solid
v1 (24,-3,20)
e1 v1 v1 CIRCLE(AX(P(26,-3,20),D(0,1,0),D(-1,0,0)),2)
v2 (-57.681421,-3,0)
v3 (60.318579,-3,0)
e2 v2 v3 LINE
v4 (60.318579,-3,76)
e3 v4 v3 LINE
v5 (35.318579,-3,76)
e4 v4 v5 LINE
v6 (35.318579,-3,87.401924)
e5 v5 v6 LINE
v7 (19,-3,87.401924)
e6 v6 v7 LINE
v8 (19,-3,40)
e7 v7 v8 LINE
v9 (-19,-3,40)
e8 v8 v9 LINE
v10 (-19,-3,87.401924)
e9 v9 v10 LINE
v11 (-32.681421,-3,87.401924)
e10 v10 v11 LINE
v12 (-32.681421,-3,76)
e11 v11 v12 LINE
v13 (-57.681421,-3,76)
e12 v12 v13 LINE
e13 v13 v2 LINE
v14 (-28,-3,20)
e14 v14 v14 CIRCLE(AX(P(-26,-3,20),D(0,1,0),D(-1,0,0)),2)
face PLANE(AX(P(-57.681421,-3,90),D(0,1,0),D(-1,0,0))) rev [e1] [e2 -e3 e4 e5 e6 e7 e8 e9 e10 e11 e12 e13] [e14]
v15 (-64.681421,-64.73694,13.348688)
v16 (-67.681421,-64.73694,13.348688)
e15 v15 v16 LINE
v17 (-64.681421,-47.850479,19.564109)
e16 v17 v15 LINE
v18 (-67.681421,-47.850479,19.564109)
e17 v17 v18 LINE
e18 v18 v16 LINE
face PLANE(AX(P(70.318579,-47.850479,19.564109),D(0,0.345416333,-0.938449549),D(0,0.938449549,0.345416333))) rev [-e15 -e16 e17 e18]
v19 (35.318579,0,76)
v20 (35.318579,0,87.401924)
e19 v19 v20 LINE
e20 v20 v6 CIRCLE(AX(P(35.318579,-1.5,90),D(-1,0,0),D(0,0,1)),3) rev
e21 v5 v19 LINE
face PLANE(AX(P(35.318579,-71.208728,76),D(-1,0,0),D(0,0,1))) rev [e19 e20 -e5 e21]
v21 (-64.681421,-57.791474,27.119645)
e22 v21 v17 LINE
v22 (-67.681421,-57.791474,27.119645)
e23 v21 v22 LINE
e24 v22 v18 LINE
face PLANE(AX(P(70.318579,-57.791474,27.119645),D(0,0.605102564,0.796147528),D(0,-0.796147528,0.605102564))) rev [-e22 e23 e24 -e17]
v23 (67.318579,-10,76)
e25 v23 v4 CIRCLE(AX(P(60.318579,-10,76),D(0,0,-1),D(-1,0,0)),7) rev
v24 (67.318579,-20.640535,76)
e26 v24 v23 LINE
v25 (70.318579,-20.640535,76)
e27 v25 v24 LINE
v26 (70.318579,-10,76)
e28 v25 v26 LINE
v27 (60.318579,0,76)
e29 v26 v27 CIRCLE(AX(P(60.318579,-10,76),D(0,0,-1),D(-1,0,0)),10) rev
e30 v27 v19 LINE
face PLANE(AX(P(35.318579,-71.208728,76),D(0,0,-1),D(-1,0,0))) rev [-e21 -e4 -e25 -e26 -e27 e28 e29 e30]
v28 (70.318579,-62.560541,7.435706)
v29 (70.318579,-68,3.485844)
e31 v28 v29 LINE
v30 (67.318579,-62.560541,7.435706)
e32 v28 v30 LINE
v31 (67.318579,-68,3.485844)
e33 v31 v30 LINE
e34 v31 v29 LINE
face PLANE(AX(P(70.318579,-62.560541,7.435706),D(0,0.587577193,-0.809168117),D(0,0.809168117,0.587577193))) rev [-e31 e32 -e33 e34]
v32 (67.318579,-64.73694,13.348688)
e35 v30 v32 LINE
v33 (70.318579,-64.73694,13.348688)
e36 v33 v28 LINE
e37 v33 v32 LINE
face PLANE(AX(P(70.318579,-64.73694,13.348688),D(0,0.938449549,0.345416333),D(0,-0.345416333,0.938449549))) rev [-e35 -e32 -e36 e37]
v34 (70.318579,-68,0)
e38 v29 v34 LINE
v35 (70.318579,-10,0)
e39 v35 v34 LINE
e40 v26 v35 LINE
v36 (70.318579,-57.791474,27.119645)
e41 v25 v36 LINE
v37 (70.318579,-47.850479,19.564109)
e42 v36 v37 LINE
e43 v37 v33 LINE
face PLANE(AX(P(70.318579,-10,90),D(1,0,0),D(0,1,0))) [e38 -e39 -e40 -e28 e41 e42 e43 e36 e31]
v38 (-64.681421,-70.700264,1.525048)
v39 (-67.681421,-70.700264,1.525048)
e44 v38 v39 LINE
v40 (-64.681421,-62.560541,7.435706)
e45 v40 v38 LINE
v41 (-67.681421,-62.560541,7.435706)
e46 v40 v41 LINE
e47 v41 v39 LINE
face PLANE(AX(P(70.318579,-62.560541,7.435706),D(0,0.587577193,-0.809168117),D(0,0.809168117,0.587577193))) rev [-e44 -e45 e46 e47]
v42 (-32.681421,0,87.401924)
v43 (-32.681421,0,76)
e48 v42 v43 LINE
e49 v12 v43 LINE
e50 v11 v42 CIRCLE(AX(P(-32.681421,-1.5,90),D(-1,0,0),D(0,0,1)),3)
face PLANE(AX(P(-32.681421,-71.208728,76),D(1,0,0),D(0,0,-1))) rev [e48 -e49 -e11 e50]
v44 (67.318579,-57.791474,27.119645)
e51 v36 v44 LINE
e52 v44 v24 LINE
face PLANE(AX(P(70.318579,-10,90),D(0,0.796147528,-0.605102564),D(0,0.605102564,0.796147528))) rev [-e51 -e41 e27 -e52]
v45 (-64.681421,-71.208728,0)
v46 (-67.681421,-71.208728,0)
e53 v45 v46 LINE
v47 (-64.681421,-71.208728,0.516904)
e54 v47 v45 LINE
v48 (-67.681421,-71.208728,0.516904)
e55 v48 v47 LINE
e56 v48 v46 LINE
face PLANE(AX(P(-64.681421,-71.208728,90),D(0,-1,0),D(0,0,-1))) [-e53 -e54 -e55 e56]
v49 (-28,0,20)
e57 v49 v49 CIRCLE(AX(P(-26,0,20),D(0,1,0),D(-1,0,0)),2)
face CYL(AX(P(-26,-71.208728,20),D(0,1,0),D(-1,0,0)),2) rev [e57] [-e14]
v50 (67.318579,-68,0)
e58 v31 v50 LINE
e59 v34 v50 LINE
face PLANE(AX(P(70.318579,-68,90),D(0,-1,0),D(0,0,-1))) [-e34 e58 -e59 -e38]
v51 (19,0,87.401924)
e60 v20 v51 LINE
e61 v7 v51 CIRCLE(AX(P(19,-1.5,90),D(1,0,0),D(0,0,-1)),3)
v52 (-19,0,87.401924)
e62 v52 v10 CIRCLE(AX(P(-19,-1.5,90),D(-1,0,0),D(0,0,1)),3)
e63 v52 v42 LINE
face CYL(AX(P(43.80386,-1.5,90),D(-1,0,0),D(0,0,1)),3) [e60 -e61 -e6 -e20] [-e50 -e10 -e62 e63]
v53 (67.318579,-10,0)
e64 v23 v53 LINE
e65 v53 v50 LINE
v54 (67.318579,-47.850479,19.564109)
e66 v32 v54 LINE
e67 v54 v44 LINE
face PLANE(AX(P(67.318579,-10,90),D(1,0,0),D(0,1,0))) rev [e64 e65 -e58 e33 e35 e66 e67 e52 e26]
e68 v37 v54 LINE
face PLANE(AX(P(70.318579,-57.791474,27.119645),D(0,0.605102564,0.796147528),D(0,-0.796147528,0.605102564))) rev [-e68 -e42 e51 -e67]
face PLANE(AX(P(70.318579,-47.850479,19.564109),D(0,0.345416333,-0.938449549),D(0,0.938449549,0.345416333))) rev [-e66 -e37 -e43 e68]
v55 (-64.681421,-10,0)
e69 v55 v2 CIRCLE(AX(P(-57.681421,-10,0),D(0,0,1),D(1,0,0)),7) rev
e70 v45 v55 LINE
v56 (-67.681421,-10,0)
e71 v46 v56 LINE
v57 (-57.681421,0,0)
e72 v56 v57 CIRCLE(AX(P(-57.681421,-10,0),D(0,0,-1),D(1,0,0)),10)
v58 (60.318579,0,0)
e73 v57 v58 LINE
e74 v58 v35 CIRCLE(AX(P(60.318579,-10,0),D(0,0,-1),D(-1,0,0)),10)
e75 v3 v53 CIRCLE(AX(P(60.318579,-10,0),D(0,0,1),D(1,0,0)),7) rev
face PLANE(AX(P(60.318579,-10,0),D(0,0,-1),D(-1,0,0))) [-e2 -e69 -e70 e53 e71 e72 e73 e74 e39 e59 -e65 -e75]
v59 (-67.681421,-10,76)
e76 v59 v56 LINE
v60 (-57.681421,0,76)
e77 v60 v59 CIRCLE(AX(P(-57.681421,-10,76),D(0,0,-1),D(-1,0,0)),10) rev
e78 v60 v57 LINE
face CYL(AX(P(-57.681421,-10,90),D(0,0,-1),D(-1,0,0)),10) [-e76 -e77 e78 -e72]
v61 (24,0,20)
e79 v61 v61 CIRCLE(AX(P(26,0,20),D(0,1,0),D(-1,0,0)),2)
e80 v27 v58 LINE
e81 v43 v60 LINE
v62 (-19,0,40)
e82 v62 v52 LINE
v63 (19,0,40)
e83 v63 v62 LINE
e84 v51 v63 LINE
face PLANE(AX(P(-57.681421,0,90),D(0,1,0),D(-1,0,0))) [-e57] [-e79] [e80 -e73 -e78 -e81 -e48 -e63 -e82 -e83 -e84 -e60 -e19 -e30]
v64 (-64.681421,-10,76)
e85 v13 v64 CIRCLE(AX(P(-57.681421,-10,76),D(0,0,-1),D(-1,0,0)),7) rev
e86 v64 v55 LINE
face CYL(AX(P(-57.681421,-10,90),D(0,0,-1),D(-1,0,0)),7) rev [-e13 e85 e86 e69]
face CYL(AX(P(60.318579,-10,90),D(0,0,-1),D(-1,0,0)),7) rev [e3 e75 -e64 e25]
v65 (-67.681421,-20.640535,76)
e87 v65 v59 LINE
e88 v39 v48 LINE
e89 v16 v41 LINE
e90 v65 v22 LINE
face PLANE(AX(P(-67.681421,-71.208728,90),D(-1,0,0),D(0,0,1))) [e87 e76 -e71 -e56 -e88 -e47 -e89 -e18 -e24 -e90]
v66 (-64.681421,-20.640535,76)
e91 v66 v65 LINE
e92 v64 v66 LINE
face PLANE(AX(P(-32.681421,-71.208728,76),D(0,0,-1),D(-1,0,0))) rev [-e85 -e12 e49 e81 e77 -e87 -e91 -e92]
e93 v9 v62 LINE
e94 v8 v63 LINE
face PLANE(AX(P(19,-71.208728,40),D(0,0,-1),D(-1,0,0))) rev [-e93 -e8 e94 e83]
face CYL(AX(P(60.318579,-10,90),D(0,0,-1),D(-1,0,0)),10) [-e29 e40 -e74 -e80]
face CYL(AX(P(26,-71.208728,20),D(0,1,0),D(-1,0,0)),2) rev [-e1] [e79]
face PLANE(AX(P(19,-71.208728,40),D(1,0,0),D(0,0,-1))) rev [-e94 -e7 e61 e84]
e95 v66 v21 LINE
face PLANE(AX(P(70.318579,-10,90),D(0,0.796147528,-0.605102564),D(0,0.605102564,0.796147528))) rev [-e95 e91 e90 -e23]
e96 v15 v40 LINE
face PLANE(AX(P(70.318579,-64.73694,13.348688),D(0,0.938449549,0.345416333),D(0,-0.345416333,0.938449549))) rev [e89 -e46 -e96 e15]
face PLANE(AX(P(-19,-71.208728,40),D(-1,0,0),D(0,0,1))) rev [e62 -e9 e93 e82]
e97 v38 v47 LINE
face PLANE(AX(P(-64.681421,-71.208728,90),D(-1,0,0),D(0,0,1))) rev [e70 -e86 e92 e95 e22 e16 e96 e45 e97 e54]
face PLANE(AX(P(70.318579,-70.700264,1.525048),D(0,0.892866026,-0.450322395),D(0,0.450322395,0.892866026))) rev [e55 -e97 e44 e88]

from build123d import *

# Parameters (mm, degrees)
EXTRUDE_THIN1_DEPTH = 90
CUT_EXTRUDE1_DEPTH  = 180.484492174
SKETCH3_R           = 2
SKETCH3_W           = 35
SKETCH3_H           = 14
SKETCH3_W_2         = 38
SKETCH3_H_2         = 50
CUT_EXTRUDE2_DEPTH  = 135.593407947
BOSS_EXTRUDE1_REACH = 156.207
SKETCH4_R           = 3


with BuildPart() as part:
    # Sketch1 → Extrude-Thin1 (new body)
    with BuildSketch(Plane.XY):
        with BuildLine():
            Line((-67.681421148, -71.208727913), (-67.681421148, -10))
            ThreePointArc((-67.681421148, -10), (-64.75248896, -2.928932188), (-57.681421148, 0))
            Line((-57.681421148, 0), (60.318578852, 0))
            ThreePointArc((60.318578852, 0), (67.389646664, -2.928932188), (70.318578852, -10))
            Line((70.318578852, -10), (70.318578852, -68))
            Line((70.318578852, -68), (67.318578852, -68))
            Line((67.318578852, -68), (67.318578852, -10))
            ThreePointArc((67.318578852, -10), (65.268326321, -5.050252532), (60.318578852, -3))
            Line((60.318578852, -3), (-57.681421148, -3))
            ThreePointArc((-57.681421148, -3), (-62.631168616, -5.050252532), (-64.681421148, -10))
            Line((-64.681421148, -10), (-64.681421148, -71.208727913))
            Line((-64.681421148, -71.208727913), (-67.681421148, -71.208727913))
        make_face()
    extrude(amount=EXTRUDE_THIN1_DEPTH)

    # Sketch2 → Cut-Extrude1 (cut, through all)
    with BuildSketch(Plane.ZY.offset(67.681421148)):
        Polygon((90, -71.208727913), (90, -10), (27.119645112, -57.791474126), (19.564108931, -47.850479311), (13.348687597, -64.736940064), (7.43570584, -62.560541261), (1.525048388, -70.700264204), (0, -71.469431607), align=None)
    extrude(amount=-CUT_EXTRUDE1_DEPTH, mode=Mode.SUBTRACT)

    # Sketch3 → Cut-Extrude2 (cut, through all)
    with BuildSketch(Plane(origin=(0, 0, 0), x_dir=(1, 0, 0), z_dir=(0, 1, 0))):
        with Locations(Location((26, -20, 0), (0, 0, 180))):
            Circle(SKETCH3_R)
        with Locations(Location((-26, -20, 0), (0, 0, 180))):
            Circle(SKETCH3_R)
        with Locations((52.818578852, -83)):
            Rectangle(SKETCH3_W, SKETCH3_H)
        with Locations((-50.181421148, -83)):
            Rectangle(SKETCH3_W, SKETCH3_H)
        with Locations((0, -65)):
            Rectangle(SKETCH3_W_2, SKETCH3_H_2)
    extrude(amount=-CUT_EXTRUDE2_DEPTH, mode=Mode.SUBTRACT)

    # Boss-Extrude1: up to this face of the body (flat: up to its plane)
    boss_extrude1_end = Plane(part.part.faces().sort_by_distance((35.318578852, -1.5, 83))[0])
    # Sketch4 → Boss-Extrude1 (add, up to the picked face)
    with BuildSketch(Plane.ZY.offset(32.681421148), mode=Mode.PRIVATE) as boss_extrude1_sk1:
        with Locations(Location((90, -1.5, 0), (0, 0, 150))):
            Circle(SKETCH4_R)
    boss_extrude1_tool1 = split(extrude(boss_extrude1_sk1.sketch, amount=-BOSS_EXTRUDE1_REACH, mode=Mode.PRIVATE), bisect_by=boss_extrude1_end, keep=Keep.BOTH, mode=Mode.PRIVATE)
    add(boss_extrude1_tool1.solids().sort_by(Axis((-32.681421, -1.5, 90), (1, 0, 0)))[0])


solid = part.part
